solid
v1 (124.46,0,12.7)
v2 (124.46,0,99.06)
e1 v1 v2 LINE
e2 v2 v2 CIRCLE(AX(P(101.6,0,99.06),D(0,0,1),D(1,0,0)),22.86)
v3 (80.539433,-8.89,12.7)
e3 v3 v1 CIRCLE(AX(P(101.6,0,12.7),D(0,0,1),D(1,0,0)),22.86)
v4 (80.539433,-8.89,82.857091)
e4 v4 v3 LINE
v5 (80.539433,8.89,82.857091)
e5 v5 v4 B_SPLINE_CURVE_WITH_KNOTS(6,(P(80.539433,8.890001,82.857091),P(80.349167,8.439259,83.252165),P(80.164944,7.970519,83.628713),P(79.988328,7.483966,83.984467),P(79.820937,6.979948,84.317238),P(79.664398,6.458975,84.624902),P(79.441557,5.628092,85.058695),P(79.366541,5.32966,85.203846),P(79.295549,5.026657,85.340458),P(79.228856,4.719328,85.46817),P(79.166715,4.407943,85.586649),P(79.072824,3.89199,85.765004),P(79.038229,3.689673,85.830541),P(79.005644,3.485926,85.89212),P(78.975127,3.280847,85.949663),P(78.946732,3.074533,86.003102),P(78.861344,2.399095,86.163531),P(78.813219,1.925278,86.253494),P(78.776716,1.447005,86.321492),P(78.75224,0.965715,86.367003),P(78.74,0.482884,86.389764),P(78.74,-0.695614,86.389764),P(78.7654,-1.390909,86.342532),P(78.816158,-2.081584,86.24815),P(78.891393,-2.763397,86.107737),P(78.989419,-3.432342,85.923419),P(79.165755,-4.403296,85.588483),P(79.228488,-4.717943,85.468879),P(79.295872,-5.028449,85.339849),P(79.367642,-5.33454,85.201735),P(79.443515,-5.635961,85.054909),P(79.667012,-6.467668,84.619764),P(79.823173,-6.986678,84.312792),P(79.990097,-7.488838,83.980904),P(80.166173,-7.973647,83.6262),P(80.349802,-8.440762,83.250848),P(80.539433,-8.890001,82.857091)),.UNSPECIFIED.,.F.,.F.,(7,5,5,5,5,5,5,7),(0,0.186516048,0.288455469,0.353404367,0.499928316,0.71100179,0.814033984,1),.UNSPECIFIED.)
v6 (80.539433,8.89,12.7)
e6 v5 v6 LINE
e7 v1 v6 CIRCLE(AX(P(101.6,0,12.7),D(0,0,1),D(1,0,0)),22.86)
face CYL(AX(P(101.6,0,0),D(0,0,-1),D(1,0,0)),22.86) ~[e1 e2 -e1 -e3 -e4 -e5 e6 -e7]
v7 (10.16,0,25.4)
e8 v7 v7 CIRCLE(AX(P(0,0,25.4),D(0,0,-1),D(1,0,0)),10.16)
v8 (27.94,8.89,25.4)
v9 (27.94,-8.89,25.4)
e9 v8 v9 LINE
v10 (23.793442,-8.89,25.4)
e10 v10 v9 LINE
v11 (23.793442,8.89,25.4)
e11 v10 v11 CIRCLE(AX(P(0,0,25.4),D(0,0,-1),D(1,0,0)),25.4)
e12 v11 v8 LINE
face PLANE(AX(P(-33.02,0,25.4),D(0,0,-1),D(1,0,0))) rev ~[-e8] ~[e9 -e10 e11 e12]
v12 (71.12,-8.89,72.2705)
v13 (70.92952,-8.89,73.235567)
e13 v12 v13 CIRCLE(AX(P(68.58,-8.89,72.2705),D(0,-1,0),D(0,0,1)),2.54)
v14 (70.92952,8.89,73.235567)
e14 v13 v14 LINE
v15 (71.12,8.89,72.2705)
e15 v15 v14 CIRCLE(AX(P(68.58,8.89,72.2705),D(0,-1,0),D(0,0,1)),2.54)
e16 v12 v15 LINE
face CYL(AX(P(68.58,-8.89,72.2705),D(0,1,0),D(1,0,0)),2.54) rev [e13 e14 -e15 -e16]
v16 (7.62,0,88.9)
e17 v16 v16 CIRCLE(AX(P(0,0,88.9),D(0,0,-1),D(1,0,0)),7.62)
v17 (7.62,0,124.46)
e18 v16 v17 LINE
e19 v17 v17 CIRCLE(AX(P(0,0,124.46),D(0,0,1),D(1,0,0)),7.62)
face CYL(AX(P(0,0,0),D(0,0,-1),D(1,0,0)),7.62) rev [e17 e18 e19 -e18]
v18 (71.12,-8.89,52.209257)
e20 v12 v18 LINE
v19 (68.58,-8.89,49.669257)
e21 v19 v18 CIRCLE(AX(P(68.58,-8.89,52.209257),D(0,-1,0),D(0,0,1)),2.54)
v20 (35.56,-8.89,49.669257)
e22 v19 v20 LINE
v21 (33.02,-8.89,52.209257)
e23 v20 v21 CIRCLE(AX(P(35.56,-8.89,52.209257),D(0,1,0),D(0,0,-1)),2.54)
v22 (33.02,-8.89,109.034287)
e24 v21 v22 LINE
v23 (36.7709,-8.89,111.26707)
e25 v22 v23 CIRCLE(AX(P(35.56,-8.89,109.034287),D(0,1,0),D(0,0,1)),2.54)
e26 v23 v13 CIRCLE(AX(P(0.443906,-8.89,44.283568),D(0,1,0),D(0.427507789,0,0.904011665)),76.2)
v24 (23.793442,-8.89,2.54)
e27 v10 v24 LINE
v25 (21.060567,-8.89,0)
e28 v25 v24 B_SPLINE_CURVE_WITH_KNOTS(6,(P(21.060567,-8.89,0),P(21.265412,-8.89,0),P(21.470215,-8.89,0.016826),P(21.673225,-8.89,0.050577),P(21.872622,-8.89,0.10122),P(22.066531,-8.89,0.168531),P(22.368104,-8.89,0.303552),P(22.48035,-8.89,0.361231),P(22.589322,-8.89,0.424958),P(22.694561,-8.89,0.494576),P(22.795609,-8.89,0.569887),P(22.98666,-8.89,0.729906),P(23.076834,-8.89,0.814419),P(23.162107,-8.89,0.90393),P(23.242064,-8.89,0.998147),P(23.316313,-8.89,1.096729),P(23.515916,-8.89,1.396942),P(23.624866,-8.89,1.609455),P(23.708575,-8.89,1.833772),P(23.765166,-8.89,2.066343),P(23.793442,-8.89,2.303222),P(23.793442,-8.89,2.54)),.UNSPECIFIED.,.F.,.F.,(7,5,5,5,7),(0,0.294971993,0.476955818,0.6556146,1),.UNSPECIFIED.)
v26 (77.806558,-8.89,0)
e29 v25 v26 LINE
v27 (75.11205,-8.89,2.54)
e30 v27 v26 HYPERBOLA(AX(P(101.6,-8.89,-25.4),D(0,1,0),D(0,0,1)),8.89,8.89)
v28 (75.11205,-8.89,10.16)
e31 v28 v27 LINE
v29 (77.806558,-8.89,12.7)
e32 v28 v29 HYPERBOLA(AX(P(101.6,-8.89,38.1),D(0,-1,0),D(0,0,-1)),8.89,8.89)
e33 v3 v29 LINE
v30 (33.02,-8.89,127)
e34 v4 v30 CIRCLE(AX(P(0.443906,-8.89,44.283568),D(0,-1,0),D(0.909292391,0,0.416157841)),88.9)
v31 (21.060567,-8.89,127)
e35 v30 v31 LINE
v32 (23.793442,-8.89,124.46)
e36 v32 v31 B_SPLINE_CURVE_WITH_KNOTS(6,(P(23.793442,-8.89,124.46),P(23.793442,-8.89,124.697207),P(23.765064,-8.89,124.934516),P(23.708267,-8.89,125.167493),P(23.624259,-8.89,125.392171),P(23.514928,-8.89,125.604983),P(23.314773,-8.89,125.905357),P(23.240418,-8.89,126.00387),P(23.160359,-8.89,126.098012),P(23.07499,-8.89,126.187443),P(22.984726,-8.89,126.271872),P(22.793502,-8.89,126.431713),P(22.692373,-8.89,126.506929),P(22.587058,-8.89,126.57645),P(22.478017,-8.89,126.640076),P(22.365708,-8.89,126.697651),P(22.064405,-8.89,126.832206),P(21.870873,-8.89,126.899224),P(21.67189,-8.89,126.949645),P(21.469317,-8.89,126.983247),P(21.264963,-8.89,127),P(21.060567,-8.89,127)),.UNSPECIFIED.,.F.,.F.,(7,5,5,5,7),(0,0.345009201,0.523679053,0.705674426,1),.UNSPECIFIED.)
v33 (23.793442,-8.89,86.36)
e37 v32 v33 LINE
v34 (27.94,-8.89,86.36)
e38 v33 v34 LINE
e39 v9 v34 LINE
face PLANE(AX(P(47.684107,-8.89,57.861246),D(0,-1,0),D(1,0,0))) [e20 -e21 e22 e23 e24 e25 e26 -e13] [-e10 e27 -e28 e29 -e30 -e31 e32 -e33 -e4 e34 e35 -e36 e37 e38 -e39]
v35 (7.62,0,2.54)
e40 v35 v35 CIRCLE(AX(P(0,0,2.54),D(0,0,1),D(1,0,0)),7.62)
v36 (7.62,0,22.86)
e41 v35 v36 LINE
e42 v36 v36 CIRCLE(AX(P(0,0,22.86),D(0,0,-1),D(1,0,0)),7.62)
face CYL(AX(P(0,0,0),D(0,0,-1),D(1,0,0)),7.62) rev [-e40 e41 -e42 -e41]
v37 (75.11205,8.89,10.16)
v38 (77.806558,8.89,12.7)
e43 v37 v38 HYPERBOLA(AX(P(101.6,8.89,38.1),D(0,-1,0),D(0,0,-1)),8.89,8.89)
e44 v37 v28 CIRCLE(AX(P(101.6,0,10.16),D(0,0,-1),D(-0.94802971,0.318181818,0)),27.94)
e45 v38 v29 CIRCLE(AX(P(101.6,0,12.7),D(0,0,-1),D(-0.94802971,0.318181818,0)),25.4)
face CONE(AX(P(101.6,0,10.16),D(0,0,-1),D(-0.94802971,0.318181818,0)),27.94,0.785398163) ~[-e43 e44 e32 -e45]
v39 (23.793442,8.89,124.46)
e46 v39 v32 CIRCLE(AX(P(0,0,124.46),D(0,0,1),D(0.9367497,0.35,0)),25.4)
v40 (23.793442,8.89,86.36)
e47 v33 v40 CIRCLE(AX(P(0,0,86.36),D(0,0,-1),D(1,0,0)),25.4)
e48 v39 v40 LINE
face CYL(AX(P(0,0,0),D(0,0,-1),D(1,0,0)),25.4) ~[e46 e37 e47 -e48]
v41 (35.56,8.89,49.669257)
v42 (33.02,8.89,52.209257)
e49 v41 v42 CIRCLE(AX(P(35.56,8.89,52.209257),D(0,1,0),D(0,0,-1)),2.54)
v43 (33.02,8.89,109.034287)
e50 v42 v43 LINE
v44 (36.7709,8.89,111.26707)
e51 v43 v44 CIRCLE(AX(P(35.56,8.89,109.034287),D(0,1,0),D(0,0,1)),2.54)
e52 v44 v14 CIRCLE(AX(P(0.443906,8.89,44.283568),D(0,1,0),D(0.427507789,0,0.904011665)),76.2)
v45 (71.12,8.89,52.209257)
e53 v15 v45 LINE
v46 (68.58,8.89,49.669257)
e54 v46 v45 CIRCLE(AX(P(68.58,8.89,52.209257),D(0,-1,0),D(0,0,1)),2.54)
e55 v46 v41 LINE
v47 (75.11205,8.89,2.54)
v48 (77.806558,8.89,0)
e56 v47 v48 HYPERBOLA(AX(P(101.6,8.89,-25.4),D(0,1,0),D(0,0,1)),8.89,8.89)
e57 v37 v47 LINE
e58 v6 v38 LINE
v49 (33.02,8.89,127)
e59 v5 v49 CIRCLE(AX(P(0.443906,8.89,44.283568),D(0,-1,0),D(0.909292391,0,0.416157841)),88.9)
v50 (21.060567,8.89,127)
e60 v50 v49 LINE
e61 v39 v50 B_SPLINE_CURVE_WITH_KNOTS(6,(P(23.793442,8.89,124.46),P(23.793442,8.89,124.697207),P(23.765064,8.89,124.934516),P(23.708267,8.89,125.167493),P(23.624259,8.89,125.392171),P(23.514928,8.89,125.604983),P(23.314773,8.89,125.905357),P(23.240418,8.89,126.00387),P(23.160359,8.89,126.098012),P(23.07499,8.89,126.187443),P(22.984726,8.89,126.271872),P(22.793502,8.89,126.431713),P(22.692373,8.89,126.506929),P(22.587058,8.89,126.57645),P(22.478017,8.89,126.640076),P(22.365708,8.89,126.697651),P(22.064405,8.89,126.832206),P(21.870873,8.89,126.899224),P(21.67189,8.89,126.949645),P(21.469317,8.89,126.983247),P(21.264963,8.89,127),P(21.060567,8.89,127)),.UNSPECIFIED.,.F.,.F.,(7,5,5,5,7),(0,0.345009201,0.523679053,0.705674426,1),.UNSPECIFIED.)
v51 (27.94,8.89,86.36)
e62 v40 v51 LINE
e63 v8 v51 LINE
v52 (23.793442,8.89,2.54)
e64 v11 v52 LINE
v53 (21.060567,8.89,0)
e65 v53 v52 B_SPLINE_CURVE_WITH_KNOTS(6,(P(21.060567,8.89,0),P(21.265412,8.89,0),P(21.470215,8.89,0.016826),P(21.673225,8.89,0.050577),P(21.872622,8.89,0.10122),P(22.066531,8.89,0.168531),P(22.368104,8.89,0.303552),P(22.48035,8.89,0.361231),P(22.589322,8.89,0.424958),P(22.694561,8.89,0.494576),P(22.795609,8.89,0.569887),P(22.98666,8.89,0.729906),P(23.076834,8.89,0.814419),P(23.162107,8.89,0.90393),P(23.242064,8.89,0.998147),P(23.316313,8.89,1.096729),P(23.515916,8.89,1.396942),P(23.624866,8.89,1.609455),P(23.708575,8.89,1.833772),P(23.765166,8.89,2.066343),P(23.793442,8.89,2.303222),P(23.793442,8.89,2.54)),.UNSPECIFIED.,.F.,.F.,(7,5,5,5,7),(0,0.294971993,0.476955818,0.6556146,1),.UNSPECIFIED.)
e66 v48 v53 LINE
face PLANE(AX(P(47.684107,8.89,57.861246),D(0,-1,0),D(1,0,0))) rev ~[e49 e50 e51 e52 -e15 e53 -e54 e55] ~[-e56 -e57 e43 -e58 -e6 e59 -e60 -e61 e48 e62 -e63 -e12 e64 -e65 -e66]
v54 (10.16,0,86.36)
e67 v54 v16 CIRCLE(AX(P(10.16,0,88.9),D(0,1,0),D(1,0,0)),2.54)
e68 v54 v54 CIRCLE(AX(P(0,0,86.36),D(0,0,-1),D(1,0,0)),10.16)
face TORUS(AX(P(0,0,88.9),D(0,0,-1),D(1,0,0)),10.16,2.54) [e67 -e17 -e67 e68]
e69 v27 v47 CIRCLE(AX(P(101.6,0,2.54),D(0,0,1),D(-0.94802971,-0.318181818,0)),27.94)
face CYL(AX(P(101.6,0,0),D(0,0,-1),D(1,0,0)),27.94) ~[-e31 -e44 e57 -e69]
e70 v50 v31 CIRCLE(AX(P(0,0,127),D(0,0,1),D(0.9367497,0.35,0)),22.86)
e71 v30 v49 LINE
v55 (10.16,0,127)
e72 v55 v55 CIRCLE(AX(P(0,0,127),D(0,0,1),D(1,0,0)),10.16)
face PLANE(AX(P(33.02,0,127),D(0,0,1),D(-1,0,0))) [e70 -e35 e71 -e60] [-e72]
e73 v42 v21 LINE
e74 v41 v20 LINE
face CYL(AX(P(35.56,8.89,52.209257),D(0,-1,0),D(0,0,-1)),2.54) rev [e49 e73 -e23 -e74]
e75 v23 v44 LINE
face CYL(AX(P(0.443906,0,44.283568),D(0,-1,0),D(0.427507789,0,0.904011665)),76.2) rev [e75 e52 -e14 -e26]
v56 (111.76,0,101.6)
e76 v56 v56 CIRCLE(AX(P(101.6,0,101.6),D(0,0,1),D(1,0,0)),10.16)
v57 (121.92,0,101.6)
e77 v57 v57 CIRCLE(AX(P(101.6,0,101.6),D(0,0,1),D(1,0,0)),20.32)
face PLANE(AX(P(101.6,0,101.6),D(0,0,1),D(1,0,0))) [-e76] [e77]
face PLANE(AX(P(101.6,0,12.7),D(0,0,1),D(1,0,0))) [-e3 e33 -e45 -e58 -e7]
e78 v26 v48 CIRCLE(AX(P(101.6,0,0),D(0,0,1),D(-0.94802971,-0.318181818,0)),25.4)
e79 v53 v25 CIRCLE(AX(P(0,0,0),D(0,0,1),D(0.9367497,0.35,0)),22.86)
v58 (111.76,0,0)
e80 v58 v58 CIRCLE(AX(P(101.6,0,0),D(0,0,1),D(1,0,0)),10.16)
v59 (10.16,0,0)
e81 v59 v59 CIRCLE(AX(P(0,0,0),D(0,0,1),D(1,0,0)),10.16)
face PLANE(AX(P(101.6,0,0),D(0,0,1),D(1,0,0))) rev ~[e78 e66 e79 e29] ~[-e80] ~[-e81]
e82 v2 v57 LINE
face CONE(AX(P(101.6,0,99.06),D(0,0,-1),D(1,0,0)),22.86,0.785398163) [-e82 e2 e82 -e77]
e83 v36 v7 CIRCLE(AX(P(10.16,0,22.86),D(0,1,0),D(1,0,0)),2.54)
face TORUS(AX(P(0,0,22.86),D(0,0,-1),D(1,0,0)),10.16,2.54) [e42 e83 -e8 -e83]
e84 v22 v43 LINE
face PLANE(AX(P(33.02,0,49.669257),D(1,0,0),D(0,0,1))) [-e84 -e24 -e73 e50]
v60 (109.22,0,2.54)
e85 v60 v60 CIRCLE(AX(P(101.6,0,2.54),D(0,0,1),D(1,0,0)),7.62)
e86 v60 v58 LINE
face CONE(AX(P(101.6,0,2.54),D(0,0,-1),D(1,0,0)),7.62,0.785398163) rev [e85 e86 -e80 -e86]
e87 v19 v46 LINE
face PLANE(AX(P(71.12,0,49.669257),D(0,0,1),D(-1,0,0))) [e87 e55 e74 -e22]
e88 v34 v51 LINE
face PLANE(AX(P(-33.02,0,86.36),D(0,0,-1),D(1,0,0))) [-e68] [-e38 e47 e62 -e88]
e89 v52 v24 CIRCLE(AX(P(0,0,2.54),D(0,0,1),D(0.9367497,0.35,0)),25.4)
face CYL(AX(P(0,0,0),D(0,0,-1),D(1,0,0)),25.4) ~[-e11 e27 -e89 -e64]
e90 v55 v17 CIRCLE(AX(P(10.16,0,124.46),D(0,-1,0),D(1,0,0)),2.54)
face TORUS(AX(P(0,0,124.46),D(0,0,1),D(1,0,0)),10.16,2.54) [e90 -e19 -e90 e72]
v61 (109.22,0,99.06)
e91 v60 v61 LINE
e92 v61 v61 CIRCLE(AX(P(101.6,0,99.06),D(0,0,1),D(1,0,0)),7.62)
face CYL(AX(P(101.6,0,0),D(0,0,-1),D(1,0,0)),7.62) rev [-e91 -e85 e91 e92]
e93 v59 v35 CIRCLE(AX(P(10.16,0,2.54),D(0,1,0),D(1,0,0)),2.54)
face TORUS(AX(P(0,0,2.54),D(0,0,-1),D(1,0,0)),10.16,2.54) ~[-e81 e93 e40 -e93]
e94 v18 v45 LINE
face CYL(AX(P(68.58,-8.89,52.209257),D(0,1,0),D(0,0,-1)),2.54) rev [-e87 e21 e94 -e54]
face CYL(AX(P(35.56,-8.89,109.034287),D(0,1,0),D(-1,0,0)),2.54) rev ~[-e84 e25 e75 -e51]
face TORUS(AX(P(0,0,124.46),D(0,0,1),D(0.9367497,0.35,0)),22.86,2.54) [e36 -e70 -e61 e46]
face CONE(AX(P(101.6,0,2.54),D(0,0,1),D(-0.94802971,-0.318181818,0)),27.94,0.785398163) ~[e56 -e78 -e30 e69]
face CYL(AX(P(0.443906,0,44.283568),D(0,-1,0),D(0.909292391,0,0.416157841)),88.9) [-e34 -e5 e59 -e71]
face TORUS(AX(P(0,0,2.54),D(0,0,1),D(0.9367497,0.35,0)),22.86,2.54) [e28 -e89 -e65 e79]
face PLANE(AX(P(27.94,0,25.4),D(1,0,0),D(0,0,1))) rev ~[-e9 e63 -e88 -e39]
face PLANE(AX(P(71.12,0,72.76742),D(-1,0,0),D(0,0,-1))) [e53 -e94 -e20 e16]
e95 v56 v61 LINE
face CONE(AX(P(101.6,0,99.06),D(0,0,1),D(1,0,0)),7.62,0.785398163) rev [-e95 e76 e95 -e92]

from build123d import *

# Parameters (mm, degrees)
F0_R     = 25.4
F0_R_2   = 7.62
F1_DEPTH = 127
F0_R_3   = 22.86
F2_DEPTH = 101.6
F4_DEPTH = 8.89
F5_W     = 60.96
F5_H     = 60.96
F6_DEPTH = 50.8
F7_R     = 2.54
F8_R     = 27.94
F8_R_2   = 22.86
F9_DEPTH = 12.7
F10_SIZE = 2.54


with BuildPart() as f1:
    # F0 (on Top) → F1 (new body)
    with BuildSketch(Plane.XY):
        Circle(F0_R)
        Circle(F0_R_2, mode=Mode.SUBTRACT)
    extrude(amount=F1_DEPTH)



with BuildPart() as f2:
    # F0 (on Top) → F2 (new body)
    with BuildSketch(Plane.XY):
        with Locations((101.6, 0)):
            Circle(F0_R_3)
        with Locations((101.6, 0)):
            Circle(F0_R_2, mode=Mode.SUBTRACT)
    extrude(amount=F2_DEPTH)


with BuildPart() as f1_1:
    add(f1.part)

    add(f2.part)  # F4 merges F2
    # F3 (on Front) → F4 (join, symmetric)
    with BuildSketch(Plane.XZ):
        with BuildLine():
            Line((20.32, 127), (20.32, 0))
            Line((20.32, 0), (81.28, 0))
            Line((81.28, 0), (81.28, 81.28))
            ThreePointArc((81.28, 81.28), (61.5844056789, 108.82076155), (33.02, 127))
            Line((33.02, 127), (20.32, 127))
        make_face()
        with BuildLine():
            Line((33.02, 49.6692568198), (33.02, 113.1692568198))
            ThreePointArc((33.02, 113.1692568198), (55.8815349001, 96.5627163287), (71.12, 72.7674195988))
            Line((71.12, 72.7674195988), (71.12, 49.6692568198))
            Line((71.12, 49.6692568198), (33.02, 49.6692568198))
        make_face(mode=Mode.SUBTRACT)
    extrude(amount=F4_DEPTH, both=True)

    # F5 (on Front) → F6 (cut, symmetric)
    with BuildSketch(Plane.XZ):
        with Locations((-2.54, 55.88)):
            Rectangle(F5_W, F5_H)
    extrude(amount=F6_DEPTH, both=True, mode=Mode.SUBTRACT)

    # F7
    f7_edges = [f1_1.edges().sort_by_distance(p)[0] for p in [
        (33.02, 0, 113.169257),
        (33.02, 0, 49.669257),
        (71.12, 0, 49.669257),
        (71.12, 0, 72.76742),
        (-7.62, 0, 127),
        (-7.62, 0, 25.4),
        (-25.4, 0, 127),
        (-7.62, 0, 86.36),
        (-7.62, 0, 0),
        (-25.4, 0, 0),
    ]]
    fillet(f7_edges, radius=F7_R)

    # F8 (on Top) → F9 (join)
    with BuildSketch(Plane.XY):
        with Locations((101.6, 0)):
            Circle(F8_R)
        with Locations((101.6, 0)):
            Circle(F8_R_2, mode=Mode.SUBTRACT)
    extrude(amount=F9_DEPTH)

    # F10
    f10_edges = [f1_1.edges().sort_by_distance(p)[0] for p in [
        (129.54, 0, 0),
        (93.98, 0, 101.6),
        (93.98, 0, 0),
        (78.74, 0, 101.6),
        (129.54, 0, 12.7),
    ]]
    chamfer(f10_edges, length=F10_SIZE)


solid = f1_1.part
